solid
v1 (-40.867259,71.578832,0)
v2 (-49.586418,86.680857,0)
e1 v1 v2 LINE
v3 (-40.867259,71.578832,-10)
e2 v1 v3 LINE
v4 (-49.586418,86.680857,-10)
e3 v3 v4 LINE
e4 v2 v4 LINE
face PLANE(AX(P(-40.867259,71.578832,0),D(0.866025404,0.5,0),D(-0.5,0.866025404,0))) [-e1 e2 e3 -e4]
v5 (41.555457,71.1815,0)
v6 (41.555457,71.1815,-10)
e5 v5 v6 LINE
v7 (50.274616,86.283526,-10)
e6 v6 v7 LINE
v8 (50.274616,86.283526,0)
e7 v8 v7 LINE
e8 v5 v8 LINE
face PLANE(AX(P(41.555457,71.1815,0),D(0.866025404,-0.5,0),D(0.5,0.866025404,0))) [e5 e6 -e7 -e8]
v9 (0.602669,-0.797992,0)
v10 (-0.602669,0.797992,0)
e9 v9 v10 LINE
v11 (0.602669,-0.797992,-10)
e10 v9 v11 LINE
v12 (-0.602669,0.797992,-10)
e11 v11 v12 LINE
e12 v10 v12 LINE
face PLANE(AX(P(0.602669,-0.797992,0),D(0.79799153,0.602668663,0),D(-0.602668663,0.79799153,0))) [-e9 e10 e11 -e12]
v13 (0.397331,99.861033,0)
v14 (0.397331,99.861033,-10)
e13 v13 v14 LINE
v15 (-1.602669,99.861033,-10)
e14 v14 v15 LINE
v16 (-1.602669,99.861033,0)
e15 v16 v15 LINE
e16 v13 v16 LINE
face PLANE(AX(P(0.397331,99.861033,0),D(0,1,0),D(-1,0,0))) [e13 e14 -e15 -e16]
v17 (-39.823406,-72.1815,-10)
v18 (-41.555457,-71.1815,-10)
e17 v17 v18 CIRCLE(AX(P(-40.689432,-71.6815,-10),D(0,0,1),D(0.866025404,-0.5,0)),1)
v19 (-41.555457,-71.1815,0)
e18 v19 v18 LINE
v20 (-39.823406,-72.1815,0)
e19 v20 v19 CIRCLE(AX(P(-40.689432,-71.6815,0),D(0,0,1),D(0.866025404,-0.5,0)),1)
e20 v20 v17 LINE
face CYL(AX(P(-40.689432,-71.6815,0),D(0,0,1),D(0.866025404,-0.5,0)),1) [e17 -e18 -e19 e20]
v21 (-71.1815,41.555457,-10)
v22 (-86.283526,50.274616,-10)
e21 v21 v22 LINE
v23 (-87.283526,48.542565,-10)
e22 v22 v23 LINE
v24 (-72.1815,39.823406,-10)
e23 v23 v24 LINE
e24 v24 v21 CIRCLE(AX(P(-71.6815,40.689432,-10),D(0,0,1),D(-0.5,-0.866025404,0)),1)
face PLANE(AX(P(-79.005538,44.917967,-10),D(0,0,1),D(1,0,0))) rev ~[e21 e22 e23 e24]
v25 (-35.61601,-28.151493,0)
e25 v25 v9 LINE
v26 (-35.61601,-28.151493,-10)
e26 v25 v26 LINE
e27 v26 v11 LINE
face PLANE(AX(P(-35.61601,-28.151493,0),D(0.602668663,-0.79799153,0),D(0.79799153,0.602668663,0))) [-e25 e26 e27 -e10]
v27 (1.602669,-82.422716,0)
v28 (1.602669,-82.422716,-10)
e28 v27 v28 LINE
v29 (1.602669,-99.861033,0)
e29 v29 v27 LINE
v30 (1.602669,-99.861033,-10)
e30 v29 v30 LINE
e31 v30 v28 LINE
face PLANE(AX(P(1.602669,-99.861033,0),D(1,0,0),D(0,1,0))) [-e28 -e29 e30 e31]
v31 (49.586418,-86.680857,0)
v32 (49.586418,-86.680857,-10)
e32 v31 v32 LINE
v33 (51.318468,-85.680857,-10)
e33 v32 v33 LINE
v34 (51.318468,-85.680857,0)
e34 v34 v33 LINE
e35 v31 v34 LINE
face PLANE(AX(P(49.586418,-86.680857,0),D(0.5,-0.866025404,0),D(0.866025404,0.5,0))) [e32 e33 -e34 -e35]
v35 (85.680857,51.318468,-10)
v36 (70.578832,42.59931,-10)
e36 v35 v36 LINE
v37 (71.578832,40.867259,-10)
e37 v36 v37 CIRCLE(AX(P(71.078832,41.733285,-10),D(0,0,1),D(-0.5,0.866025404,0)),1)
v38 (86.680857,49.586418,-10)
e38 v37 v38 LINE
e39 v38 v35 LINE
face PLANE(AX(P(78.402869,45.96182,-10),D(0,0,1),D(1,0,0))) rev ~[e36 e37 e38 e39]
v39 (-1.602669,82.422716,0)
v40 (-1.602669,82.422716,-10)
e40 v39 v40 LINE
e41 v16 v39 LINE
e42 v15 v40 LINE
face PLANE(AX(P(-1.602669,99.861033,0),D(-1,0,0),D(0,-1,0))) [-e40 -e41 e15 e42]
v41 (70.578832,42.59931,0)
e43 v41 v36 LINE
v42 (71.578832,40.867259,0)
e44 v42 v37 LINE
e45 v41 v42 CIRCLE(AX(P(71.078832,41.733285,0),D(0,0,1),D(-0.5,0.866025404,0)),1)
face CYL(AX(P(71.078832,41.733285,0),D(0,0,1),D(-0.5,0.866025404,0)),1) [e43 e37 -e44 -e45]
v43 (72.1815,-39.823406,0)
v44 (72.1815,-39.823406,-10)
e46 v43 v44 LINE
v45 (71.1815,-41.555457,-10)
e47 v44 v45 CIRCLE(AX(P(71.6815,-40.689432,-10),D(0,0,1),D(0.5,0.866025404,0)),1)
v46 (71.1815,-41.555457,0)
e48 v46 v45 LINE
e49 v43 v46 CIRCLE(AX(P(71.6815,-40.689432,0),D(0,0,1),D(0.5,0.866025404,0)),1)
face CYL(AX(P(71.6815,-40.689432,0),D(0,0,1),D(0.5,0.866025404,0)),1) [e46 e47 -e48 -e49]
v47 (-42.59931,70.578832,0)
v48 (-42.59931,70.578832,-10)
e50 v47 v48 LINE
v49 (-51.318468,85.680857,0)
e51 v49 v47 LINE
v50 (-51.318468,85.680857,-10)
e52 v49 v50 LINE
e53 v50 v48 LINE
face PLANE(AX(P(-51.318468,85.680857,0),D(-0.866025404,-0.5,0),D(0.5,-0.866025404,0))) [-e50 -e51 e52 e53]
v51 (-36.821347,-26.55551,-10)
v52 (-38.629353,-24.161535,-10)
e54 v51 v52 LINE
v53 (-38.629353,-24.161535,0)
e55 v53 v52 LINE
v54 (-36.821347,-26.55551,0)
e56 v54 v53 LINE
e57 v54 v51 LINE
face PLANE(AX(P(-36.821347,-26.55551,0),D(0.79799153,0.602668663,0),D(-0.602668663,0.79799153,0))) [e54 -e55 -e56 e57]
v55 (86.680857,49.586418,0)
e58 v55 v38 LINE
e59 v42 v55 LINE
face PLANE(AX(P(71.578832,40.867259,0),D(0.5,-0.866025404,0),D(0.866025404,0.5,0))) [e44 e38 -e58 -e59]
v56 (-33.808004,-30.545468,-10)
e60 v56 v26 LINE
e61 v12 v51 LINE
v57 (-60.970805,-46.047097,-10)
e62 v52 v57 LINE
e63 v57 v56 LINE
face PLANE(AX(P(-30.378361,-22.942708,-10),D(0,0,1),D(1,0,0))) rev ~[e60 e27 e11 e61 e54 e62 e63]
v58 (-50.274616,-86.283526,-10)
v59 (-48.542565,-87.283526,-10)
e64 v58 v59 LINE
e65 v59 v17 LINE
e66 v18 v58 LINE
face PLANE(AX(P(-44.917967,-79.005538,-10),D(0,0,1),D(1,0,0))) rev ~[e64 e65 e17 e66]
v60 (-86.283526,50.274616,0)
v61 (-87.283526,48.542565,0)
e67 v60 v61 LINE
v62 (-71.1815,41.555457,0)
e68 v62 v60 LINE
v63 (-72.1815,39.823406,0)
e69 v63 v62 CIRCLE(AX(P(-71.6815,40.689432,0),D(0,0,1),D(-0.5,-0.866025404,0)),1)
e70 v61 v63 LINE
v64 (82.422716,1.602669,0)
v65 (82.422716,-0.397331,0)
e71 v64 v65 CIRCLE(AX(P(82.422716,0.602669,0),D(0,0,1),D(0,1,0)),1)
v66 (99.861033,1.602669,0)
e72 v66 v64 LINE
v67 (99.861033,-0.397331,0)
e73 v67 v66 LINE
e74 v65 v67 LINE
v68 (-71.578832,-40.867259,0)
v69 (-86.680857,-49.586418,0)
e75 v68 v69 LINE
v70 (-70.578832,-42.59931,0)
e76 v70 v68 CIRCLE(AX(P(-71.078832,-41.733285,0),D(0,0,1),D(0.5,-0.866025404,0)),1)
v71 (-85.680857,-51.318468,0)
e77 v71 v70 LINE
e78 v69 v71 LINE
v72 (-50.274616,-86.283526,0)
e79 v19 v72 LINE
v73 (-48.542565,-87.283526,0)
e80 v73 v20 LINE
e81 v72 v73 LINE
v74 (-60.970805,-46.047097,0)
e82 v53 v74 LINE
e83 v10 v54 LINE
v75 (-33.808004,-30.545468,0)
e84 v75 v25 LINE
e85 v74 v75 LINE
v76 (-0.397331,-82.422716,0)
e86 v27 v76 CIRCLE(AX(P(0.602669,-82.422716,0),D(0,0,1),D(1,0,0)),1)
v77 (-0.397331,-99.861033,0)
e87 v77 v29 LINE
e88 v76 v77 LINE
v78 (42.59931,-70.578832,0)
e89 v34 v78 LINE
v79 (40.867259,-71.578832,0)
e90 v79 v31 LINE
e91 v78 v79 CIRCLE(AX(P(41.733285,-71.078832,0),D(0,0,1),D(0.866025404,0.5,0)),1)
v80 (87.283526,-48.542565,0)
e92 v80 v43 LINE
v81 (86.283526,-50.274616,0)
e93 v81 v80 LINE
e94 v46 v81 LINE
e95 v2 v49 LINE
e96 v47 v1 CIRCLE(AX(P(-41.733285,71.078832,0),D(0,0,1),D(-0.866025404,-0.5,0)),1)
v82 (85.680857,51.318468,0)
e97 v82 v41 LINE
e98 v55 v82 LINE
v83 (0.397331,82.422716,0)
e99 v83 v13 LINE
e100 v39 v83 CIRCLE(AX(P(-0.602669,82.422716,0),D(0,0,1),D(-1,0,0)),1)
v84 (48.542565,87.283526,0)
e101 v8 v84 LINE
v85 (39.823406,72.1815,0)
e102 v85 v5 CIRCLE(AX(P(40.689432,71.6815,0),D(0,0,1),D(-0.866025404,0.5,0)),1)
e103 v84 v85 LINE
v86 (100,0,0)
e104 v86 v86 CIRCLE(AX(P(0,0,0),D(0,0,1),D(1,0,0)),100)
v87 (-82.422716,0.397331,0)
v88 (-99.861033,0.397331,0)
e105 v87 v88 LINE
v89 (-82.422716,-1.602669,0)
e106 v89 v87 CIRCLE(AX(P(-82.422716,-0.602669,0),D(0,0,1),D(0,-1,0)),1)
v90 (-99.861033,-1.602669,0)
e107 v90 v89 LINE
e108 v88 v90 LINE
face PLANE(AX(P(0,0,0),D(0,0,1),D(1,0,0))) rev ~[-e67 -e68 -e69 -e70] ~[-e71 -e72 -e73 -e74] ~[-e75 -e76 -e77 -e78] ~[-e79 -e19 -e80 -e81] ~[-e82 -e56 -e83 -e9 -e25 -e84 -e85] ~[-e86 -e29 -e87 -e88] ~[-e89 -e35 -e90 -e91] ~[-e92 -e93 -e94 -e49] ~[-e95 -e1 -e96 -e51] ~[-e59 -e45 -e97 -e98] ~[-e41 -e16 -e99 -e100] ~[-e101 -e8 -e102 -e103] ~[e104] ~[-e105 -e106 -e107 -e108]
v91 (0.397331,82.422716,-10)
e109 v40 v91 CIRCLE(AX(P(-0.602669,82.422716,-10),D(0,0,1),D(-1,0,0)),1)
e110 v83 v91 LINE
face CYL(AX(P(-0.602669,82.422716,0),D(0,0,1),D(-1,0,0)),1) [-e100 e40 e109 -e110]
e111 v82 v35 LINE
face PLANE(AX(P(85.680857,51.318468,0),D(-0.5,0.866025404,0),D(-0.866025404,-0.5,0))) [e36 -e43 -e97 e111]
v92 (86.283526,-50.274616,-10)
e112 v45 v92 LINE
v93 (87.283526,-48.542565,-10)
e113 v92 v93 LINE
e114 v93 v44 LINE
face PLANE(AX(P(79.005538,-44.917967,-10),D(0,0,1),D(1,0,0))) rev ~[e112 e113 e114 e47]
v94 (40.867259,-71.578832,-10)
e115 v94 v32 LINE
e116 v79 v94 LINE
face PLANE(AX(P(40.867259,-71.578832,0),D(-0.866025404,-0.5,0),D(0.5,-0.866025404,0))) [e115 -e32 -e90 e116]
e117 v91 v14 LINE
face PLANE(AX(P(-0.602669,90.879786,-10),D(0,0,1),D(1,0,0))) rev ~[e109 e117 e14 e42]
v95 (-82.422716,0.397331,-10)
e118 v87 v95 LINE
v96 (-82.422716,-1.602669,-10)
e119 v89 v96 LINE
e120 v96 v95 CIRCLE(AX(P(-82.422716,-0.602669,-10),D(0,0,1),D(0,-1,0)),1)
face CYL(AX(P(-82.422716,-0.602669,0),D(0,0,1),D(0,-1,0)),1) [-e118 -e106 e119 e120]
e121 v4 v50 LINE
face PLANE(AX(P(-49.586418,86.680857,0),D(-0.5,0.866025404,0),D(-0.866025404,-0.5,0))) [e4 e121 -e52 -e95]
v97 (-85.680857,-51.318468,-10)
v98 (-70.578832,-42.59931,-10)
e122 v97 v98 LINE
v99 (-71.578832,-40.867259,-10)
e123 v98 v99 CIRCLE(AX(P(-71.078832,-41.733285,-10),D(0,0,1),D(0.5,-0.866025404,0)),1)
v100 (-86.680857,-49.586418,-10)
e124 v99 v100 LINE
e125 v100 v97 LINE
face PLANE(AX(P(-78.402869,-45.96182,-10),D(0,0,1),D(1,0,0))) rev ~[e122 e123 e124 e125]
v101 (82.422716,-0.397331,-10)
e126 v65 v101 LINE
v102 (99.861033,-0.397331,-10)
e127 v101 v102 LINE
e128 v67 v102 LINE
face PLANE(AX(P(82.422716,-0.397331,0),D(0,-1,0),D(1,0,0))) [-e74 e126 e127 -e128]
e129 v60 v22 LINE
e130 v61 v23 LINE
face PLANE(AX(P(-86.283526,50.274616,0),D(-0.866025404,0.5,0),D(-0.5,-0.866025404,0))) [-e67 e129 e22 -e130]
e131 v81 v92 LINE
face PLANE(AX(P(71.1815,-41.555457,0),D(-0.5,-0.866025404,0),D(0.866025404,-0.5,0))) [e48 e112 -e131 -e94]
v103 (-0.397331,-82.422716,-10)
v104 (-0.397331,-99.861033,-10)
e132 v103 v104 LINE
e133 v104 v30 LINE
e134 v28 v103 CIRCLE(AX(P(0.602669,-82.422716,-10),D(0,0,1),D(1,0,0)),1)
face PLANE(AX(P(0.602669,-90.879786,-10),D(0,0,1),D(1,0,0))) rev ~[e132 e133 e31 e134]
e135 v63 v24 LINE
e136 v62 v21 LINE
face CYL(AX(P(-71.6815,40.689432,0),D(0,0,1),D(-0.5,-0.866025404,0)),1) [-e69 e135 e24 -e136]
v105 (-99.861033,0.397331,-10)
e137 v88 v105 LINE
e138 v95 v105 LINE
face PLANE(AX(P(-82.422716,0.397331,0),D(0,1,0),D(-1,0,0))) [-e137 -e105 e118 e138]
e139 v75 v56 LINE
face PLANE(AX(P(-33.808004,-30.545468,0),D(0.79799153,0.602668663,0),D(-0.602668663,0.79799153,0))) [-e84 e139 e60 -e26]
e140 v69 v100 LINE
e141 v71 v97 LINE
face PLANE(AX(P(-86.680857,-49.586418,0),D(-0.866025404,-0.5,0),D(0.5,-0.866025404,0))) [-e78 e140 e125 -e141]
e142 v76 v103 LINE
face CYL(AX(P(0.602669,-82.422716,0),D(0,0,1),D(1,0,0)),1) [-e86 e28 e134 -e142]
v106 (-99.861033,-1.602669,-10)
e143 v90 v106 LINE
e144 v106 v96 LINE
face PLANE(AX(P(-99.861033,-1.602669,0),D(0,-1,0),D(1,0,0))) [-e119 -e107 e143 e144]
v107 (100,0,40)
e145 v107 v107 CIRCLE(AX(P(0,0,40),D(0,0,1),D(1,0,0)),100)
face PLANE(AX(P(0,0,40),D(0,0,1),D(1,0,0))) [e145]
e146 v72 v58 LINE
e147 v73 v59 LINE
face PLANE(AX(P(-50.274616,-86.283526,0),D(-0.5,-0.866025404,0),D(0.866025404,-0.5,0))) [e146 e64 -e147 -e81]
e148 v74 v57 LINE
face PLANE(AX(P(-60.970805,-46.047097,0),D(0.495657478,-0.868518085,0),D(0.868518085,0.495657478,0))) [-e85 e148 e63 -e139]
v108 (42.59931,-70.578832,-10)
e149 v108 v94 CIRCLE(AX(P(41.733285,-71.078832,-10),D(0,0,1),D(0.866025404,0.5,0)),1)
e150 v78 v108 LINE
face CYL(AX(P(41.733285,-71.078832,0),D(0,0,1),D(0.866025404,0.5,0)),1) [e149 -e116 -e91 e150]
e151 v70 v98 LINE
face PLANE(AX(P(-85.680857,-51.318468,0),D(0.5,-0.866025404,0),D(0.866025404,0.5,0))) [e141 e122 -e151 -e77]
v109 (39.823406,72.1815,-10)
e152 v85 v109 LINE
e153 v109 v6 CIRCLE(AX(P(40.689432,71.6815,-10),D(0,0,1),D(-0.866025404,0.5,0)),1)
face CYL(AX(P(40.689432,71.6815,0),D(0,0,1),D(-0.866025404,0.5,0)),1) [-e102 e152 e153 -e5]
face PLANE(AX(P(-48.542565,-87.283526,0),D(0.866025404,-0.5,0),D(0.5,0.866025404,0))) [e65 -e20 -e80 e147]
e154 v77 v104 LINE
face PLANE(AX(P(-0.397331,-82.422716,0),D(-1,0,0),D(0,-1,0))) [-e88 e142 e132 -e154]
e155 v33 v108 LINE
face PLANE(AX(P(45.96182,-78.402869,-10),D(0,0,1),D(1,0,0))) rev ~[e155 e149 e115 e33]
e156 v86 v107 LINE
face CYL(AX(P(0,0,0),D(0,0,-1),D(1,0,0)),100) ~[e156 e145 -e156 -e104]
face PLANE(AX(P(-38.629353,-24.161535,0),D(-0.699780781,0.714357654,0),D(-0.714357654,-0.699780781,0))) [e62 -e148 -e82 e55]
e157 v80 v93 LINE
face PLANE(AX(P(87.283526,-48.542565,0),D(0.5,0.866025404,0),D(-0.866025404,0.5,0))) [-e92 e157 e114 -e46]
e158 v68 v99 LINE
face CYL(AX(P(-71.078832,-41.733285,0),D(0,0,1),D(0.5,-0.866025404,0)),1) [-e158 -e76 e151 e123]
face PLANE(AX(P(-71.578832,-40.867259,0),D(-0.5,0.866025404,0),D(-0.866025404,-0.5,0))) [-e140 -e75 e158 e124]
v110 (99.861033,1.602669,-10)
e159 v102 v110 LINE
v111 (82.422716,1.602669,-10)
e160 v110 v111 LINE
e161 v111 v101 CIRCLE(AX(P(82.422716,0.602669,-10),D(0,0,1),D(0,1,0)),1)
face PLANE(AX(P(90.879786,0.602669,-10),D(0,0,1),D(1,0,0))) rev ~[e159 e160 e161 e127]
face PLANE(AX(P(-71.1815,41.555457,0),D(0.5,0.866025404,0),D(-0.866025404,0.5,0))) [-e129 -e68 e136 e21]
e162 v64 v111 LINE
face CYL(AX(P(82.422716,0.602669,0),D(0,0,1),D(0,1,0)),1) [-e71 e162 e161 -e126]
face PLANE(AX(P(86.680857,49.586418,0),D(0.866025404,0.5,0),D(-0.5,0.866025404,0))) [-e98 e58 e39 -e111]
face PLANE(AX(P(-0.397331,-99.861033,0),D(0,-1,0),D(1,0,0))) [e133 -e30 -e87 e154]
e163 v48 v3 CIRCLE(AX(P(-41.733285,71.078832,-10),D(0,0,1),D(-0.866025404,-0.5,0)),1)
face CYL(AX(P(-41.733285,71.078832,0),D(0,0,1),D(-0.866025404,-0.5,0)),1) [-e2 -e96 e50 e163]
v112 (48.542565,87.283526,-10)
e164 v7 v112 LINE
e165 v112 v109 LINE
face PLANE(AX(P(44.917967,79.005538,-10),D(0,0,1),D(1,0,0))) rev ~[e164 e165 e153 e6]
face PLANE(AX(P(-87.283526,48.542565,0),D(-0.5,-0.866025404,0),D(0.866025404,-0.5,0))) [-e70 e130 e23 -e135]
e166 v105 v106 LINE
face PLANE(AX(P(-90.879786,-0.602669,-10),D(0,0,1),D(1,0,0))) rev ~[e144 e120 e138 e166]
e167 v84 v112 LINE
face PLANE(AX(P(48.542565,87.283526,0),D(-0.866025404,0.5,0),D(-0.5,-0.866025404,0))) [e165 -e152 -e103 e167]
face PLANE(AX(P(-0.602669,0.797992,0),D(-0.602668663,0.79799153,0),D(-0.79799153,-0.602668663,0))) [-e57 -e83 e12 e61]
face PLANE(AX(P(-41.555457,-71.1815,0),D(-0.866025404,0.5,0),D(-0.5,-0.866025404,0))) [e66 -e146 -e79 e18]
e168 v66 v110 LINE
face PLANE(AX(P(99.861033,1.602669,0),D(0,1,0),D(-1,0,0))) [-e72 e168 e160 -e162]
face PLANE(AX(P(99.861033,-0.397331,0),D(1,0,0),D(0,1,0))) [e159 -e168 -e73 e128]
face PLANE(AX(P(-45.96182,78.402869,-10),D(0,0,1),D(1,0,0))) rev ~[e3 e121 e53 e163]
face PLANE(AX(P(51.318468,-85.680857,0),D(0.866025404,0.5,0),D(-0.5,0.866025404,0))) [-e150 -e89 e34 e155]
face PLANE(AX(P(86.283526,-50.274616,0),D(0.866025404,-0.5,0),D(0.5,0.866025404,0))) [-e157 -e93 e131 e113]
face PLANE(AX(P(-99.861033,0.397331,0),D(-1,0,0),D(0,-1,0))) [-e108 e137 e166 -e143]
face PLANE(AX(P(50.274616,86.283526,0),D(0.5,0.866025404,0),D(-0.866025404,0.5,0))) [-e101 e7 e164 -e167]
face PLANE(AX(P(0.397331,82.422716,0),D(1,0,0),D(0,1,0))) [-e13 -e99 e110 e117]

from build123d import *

# Parameters (mm, degrees)
SKETCH1_R           = 100
BOSS_EXTRUDE1_DEPTH = 40
BOSS_EXTRUDE4_DEPTH = 10


with BuildPart() as part:
    # Sketch1 → Boss-Extrude1 (new body)
    with BuildSketch(Plane.XY):
        Circle(SKETCH1_R)
    extrude(amount=BOSS_EXTRUDE1_DEPTH)

    # Sketch3 → Boss-Extrude4 (add)
    with BuildSketch(Plane.XY):
        Polygon((-0.602668663, 0.79799153), (-36.821347212, -26.555510029), (-38.629353201, -24.161535438), (-60.970804607, -46.04709685), (-33.808003897, -30.545467681), (-35.616009886, -28.15149309), (0.602668663, -0.79799153), align=None)
        with BuildLine():
            Line((-1.602668663, 99.861033349), (-1.602668663, 82.422716301))
            ThreePointArc((-1.602668663, 82.422716301), (-0.602668663, 81.422716301), (0.397331337, 82.422716301))
            Line((0.397331337, 82.422716301), (0.397331337, 99.861033349))
            Line((0.397331337, 99.861033349), (-1.602668663, 99.861033349))
        make_face()
        with BuildLine():
            Line((48.542564899, 87.28352606), (39.823406374, 72.181500497))
            ThreePointArc((39.823406374, 72.181500497), (40.189431778, 70.815475093), (41.555457182, 71.181500497))
            Line((41.555457182, 71.181500497), (50.274615706, 86.28352606))
            Line((50.274615706, 86.28352606), (48.542564899, 87.28352606))
        make_face()
        with BuildLine():
            Line((85.680857397, 51.318468451), (70.578831834, 42.599309926))
            ThreePointArc((70.578831834, 42.599309926), (70.21280643, 41.233284522), (71.578831834, 40.867259119))
            Line((71.578831834, 40.867259119), (86.680857397, 49.586417643))
            Line((86.680857397, 49.586417643), (85.680857397, 51.318468451))
        make_face()
        with BuildLine():
            Line((99.861033349, 1.602668663), (82.422716301, 1.602668663))
            ThreePointArc((82.422716301, 1.602668663), (81.422716301, 0.602668663), (82.422716301, -0.397331337))
            Line((82.422716301, -0.397331337), (99.861033349, -0.397331337))
            Line((99.861033349, -0.397331337), (99.861033349, 1.602668663))
        make_face()
        with BuildLine():
            Line((87.28352606, -48.542564899), (72.181500497, -39.823406374))
            ThreePointArc((72.181500497, -39.823406374), (70.815475093, -40.189431778), (71.181500497, -41.555457182))
            Line((71.181500497, -41.555457182), (86.28352606, -50.274615706))
            Line((86.28352606, -50.274615706), (87.28352606, -48.542564899))
        make_face()
        with BuildLine():
            Line((51.318468451, -85.680857397), (42.599309926, -70.578831834))
            ThreePointArc((42.599309926, -70.578831834), (41.233284522, -70.21280643), (40.867259119, -71.578831834))
            Line((40.867259119, -71.578831834), (49.586417643, -86.680857397))
            Line((49.586417643, -86.680857397), (51.318468451, -85.680857397))
        make_face()
        with BuildLine():
            Line((1.602668663, -99.861033349), (1.602668663, -82.422716301))
            ThreePointArc((1.602668663, -82.422716301), (0.602668663, -81.422716301), (-0.397331337, -82.422716301))
            Line((-0.397331337, -82.422716301), (-0.397331337, -99.861033349))
            Line((-0.397331337, -99.861033349), (1.602668663, -99.861033349))
        make_face()
        with BuildLine():
            Line((-48.542564899, -87.28352606), (-39.823406374, -72.181500497))
            ThreePointArc((-39.823406374, -72.181500497), (-40.189431778, -70.815475093), (-41.555457182, -71.181500497))
            Line((-41.555457182, -71.181500497), (-50.274615706, -86.28352606))
            Line((-50.274615706, -86.28352606), (-48.542564899, -87.28352606))
        make_face()
        with BuildLine():
            Line((-85.680857397, -51.318468451), (-70.578831834, -42.599309926))
            ThreePointArc((-70.578831834, -42.599309926), (-70.21280643, -41.233284522), (-71.578831834, -40.867259119))
            Line((-71.578831834, -40.867259119), (-86.680857397, -49.586417643))
            Line((-86.680857397, -49.586417643), (-85.680857397, -51.318468451))
        make_face()
        with BuildLine():
            Line((-99.861033349, -1.602668663), (-82.422716301, -1.602668663))
            ThreePointArc((-82.422716301, -1.602668663), (-81.422716301, -0.602668663), (-82.422716301, 0.397331337))
            Line((-82.422716301, 0.397331337), (-99.861033349, 0.397331337))
            Line((-99.861033349, 0.397331337), (-99.861033349, -1.602668663))
        make_face()
        with BuildLine():
            Line((-87.28352606, 48.542564899), (-72.181500497, 39.823406374))
            ThreePointArc((-72.181500497, 39.823406374), (-70.815475093, 40.189431778), (-71.181500497, 41.555457182))
            Line((-71.181500497, 41.555457182), (-86.28352606, 50.274615706))
            Line((-86.28352606, 50.274615706), (-87.28352606, 48.542564899))
        make_face()
        with BuildLine():
            Line((-51.318468451, 85.680857397), (-42.599309926, 70.578831834))
            ThreePointArc((-42.599309926, 70.578831834), (-41.233284522, 70.21280643), (-40.867259119, 71.578831834))
            Line((-40.867259119, 71.578831834), (-49.586417643, 86.680857397))
            Line((-49.586417643, 86.680857397), (-51.318468451, 85.680857397))
        make_face()
    extrude(amount=-BOSS_EXTRUDE4_DEPTH)


solid = part.part
